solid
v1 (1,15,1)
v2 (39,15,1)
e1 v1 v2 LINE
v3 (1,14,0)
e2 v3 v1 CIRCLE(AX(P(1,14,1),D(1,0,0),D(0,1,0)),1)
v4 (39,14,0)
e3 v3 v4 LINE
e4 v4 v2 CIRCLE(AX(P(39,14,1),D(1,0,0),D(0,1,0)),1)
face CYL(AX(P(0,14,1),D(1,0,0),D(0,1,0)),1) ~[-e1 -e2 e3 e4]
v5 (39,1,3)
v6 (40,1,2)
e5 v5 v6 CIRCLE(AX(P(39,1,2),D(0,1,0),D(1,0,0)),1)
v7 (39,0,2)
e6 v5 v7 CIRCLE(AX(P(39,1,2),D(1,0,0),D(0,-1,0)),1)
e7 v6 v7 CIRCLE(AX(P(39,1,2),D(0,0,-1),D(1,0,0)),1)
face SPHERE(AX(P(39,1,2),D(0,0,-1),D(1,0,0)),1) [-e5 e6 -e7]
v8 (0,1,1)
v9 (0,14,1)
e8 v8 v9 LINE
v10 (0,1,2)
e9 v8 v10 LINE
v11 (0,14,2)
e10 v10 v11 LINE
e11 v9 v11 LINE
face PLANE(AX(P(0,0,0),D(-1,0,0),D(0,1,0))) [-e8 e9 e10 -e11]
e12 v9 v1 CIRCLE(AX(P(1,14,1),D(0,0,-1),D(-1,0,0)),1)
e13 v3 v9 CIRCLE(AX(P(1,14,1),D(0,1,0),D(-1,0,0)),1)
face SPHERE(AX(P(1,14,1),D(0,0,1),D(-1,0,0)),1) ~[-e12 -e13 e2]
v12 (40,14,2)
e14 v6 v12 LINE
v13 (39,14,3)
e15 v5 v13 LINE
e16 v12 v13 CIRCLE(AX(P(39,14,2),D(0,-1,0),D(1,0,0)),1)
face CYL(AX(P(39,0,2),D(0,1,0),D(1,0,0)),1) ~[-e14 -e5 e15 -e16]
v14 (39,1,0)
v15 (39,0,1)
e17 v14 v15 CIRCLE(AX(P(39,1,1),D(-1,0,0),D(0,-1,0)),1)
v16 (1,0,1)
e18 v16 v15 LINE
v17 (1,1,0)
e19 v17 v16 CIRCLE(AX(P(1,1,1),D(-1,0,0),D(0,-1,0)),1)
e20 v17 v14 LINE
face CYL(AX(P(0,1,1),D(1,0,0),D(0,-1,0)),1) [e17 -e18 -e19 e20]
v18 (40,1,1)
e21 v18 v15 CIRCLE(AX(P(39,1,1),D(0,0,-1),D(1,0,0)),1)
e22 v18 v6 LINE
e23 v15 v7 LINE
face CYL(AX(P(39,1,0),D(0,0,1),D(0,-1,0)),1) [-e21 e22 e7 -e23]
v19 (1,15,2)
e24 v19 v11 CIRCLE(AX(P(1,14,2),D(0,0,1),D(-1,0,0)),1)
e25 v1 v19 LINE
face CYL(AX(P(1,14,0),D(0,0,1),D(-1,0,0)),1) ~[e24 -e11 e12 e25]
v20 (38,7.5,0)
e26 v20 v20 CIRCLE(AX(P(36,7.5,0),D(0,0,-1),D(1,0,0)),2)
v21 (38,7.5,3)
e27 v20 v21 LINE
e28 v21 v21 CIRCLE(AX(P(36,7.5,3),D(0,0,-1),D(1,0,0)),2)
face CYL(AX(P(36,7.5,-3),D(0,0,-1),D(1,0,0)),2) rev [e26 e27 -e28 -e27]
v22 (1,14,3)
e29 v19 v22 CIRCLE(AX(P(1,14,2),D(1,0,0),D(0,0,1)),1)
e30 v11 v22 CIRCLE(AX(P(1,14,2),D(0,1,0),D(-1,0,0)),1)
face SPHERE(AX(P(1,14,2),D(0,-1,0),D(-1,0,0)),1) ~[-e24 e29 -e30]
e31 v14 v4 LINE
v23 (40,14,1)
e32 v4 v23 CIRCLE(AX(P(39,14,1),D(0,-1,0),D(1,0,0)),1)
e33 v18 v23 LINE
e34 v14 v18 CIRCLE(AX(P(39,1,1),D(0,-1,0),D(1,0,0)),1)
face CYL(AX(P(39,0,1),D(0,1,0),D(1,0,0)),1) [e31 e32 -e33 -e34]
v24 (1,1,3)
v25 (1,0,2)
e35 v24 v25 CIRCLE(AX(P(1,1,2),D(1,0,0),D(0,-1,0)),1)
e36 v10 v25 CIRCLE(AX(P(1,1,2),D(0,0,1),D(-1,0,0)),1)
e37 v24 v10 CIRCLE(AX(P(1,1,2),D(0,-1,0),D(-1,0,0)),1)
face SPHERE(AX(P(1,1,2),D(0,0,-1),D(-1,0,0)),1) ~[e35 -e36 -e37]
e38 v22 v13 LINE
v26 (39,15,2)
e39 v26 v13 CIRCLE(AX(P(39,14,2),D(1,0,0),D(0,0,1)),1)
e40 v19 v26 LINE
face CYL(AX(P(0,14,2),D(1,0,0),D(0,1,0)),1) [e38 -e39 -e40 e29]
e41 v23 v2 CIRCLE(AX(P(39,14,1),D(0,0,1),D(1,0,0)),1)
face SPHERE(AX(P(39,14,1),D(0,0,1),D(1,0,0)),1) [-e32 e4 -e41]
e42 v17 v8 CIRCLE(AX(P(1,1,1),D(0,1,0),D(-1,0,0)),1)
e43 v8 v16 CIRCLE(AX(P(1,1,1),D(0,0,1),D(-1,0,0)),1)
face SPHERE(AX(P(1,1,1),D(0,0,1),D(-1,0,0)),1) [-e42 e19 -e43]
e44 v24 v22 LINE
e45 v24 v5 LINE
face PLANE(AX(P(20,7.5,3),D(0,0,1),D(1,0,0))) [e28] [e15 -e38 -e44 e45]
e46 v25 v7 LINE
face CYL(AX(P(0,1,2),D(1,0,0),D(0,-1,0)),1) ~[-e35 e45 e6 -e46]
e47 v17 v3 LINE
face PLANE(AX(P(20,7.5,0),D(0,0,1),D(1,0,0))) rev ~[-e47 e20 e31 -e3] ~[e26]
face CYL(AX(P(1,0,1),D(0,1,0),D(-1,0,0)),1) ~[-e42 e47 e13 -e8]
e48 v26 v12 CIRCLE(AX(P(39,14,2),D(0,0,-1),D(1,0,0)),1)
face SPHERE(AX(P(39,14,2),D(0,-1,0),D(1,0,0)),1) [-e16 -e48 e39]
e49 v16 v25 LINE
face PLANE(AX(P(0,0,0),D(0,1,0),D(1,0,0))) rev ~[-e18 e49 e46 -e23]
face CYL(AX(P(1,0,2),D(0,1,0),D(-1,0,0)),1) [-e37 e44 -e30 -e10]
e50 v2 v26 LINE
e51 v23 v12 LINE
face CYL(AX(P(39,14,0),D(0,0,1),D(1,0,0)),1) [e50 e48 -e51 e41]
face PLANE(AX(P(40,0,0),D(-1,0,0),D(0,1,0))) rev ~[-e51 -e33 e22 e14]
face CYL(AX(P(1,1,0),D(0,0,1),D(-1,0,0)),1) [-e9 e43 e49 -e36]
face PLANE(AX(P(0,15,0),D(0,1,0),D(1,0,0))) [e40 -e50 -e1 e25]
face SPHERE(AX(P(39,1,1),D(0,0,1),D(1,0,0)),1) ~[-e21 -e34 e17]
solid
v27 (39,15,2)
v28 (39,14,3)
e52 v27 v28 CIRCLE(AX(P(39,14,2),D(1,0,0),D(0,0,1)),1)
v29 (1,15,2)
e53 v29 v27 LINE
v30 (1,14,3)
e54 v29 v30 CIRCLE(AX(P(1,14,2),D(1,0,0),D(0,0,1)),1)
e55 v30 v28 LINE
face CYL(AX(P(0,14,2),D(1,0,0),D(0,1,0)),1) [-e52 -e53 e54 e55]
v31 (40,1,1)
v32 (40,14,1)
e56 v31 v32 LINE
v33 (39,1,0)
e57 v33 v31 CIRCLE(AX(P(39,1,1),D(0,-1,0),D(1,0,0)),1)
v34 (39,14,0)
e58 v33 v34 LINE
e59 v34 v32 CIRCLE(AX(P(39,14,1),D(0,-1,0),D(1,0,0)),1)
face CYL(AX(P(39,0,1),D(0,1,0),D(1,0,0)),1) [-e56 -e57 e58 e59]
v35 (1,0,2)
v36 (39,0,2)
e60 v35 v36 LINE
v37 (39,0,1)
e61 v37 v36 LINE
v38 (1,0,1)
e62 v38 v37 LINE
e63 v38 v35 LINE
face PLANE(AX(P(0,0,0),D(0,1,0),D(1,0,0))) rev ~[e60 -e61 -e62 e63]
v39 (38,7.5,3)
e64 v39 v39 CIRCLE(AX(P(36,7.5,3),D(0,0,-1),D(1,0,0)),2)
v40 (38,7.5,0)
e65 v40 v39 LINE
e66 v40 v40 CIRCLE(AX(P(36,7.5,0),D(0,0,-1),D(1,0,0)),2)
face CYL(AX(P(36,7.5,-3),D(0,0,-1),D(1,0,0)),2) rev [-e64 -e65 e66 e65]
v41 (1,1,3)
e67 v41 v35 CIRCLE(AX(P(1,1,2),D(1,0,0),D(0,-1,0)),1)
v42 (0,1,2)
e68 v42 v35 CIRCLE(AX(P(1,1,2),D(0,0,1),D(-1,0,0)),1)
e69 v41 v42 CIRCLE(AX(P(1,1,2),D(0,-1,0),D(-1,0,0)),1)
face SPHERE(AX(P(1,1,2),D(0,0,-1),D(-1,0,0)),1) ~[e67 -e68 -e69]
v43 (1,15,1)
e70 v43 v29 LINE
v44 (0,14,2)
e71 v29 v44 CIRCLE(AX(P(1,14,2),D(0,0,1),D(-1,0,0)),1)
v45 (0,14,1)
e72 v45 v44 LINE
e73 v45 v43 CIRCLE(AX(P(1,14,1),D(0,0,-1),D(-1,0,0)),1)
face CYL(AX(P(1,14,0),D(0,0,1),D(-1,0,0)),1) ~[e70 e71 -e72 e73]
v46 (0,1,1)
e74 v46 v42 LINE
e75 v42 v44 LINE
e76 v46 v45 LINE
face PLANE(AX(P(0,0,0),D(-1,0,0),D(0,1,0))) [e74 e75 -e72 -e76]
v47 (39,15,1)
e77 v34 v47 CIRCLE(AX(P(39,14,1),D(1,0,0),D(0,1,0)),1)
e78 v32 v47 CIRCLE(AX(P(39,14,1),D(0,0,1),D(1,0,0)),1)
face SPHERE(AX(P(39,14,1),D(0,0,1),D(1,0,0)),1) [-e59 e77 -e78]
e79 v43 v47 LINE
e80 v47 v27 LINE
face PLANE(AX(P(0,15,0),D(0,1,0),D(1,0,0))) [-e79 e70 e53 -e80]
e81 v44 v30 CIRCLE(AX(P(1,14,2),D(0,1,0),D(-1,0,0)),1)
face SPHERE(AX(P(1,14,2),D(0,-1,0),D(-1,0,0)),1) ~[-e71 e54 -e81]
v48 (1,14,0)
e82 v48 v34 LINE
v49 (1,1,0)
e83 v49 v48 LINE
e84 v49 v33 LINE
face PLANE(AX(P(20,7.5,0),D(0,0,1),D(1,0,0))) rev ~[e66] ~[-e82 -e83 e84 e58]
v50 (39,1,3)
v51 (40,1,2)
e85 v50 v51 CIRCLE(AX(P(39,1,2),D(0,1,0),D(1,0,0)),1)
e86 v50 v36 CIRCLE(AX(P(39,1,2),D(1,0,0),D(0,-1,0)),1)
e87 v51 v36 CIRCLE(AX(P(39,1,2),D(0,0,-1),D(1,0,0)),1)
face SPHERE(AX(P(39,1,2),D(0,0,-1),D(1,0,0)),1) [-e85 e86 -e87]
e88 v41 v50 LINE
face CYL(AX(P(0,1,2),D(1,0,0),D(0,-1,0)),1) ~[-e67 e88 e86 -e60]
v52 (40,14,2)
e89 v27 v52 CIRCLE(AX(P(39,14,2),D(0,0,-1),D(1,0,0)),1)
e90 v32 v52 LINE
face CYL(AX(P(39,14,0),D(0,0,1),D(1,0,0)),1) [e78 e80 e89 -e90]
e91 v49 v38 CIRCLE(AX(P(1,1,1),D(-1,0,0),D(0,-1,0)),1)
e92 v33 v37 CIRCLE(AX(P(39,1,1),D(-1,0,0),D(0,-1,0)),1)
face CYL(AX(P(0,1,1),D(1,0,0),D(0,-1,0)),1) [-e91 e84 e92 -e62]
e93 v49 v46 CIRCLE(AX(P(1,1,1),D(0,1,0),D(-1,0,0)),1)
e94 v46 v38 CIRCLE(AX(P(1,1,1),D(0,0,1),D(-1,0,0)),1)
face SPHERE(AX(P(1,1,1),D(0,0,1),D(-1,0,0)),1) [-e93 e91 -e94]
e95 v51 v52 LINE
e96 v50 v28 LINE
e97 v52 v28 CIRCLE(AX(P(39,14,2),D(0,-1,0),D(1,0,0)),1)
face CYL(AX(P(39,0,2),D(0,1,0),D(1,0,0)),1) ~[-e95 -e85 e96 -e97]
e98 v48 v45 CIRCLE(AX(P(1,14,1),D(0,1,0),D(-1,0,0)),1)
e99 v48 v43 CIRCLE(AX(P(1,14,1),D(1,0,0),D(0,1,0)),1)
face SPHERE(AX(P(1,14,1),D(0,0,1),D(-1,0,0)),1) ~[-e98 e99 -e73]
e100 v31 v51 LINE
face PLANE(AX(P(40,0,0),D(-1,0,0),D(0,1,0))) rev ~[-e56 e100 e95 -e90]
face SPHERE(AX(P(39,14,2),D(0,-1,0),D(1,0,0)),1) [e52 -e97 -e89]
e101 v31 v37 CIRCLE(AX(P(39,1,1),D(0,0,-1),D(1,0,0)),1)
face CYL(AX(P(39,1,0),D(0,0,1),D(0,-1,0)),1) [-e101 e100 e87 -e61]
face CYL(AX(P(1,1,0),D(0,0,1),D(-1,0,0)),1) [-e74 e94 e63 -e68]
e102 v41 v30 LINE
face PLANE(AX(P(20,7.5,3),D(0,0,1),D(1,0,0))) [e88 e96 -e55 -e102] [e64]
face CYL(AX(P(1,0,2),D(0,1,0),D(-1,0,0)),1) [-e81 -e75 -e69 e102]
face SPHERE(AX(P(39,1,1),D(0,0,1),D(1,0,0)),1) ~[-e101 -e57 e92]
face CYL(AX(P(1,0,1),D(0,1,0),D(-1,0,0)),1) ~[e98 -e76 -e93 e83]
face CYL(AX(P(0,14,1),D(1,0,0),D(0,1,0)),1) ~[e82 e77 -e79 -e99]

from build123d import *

# Parameters (mm, degrees)
CYLINDER_R     = 2
CYLINDER_DEPTH = 10
BOX_W          = 40
BOX_H          = 15
BOX_DEPTH      = 3
FILLET_R       = 1


with BuildPart() as cilindro:
    # Cylinder → Cylinder (new body)
    with BuildSketch(Plane(origin=(36, 7.5, -3), x_dir=(1, 0, 0), z_dir=(0, 0, 1))):
        Circle(CYLINDER_R)
    extrude(amount=CYLINDER_DEPTH)


with BuildPart() as fillet_body:
    # Box → Box (new body)
    with BuildSketch(Plane.XY):
        with Locations((20, 7.5)):
            Rectangle(BOX_W, BOX_H)
    extrude(amount=BOX_DEPTH)

    # Fillet
    fillet_edges = [fillet_body.edges().sort_by_distance(p)[0] for p in [
        (0, 0, 1.5),
        (0, 7.5, 3),
        (0, 15, 1.5),
        (0, 7.5, 0),
        (40, 0, 1.5),
        (40, 7.5, 3),
        (40, 15, 1.5),
        (40, 7.5, 0),
        (20, 0, 0),
        (20, 0, 3),
        (20, 15, 0),
        (20, 15, 3),
    ]]
    fillet(fillet_edges, radius=FILLET_R)


with BuildPart() as cut:
    # Cut base: copy of Fillet body
    add(fillet_body.part)

    # Cut: cut Cilindro
    add(cilindro.part, mode=Mode.SUBTRACT)


with BuildPart() as cut002:
    # Cut002 base: copy of Fillet body
    add(fillet_body.part)

    # Cut002: cut Cilindro
    add(cilindro.part, mode=Mode.SUBTRACT)


solid = Compound([cut.part, cut002.part])
